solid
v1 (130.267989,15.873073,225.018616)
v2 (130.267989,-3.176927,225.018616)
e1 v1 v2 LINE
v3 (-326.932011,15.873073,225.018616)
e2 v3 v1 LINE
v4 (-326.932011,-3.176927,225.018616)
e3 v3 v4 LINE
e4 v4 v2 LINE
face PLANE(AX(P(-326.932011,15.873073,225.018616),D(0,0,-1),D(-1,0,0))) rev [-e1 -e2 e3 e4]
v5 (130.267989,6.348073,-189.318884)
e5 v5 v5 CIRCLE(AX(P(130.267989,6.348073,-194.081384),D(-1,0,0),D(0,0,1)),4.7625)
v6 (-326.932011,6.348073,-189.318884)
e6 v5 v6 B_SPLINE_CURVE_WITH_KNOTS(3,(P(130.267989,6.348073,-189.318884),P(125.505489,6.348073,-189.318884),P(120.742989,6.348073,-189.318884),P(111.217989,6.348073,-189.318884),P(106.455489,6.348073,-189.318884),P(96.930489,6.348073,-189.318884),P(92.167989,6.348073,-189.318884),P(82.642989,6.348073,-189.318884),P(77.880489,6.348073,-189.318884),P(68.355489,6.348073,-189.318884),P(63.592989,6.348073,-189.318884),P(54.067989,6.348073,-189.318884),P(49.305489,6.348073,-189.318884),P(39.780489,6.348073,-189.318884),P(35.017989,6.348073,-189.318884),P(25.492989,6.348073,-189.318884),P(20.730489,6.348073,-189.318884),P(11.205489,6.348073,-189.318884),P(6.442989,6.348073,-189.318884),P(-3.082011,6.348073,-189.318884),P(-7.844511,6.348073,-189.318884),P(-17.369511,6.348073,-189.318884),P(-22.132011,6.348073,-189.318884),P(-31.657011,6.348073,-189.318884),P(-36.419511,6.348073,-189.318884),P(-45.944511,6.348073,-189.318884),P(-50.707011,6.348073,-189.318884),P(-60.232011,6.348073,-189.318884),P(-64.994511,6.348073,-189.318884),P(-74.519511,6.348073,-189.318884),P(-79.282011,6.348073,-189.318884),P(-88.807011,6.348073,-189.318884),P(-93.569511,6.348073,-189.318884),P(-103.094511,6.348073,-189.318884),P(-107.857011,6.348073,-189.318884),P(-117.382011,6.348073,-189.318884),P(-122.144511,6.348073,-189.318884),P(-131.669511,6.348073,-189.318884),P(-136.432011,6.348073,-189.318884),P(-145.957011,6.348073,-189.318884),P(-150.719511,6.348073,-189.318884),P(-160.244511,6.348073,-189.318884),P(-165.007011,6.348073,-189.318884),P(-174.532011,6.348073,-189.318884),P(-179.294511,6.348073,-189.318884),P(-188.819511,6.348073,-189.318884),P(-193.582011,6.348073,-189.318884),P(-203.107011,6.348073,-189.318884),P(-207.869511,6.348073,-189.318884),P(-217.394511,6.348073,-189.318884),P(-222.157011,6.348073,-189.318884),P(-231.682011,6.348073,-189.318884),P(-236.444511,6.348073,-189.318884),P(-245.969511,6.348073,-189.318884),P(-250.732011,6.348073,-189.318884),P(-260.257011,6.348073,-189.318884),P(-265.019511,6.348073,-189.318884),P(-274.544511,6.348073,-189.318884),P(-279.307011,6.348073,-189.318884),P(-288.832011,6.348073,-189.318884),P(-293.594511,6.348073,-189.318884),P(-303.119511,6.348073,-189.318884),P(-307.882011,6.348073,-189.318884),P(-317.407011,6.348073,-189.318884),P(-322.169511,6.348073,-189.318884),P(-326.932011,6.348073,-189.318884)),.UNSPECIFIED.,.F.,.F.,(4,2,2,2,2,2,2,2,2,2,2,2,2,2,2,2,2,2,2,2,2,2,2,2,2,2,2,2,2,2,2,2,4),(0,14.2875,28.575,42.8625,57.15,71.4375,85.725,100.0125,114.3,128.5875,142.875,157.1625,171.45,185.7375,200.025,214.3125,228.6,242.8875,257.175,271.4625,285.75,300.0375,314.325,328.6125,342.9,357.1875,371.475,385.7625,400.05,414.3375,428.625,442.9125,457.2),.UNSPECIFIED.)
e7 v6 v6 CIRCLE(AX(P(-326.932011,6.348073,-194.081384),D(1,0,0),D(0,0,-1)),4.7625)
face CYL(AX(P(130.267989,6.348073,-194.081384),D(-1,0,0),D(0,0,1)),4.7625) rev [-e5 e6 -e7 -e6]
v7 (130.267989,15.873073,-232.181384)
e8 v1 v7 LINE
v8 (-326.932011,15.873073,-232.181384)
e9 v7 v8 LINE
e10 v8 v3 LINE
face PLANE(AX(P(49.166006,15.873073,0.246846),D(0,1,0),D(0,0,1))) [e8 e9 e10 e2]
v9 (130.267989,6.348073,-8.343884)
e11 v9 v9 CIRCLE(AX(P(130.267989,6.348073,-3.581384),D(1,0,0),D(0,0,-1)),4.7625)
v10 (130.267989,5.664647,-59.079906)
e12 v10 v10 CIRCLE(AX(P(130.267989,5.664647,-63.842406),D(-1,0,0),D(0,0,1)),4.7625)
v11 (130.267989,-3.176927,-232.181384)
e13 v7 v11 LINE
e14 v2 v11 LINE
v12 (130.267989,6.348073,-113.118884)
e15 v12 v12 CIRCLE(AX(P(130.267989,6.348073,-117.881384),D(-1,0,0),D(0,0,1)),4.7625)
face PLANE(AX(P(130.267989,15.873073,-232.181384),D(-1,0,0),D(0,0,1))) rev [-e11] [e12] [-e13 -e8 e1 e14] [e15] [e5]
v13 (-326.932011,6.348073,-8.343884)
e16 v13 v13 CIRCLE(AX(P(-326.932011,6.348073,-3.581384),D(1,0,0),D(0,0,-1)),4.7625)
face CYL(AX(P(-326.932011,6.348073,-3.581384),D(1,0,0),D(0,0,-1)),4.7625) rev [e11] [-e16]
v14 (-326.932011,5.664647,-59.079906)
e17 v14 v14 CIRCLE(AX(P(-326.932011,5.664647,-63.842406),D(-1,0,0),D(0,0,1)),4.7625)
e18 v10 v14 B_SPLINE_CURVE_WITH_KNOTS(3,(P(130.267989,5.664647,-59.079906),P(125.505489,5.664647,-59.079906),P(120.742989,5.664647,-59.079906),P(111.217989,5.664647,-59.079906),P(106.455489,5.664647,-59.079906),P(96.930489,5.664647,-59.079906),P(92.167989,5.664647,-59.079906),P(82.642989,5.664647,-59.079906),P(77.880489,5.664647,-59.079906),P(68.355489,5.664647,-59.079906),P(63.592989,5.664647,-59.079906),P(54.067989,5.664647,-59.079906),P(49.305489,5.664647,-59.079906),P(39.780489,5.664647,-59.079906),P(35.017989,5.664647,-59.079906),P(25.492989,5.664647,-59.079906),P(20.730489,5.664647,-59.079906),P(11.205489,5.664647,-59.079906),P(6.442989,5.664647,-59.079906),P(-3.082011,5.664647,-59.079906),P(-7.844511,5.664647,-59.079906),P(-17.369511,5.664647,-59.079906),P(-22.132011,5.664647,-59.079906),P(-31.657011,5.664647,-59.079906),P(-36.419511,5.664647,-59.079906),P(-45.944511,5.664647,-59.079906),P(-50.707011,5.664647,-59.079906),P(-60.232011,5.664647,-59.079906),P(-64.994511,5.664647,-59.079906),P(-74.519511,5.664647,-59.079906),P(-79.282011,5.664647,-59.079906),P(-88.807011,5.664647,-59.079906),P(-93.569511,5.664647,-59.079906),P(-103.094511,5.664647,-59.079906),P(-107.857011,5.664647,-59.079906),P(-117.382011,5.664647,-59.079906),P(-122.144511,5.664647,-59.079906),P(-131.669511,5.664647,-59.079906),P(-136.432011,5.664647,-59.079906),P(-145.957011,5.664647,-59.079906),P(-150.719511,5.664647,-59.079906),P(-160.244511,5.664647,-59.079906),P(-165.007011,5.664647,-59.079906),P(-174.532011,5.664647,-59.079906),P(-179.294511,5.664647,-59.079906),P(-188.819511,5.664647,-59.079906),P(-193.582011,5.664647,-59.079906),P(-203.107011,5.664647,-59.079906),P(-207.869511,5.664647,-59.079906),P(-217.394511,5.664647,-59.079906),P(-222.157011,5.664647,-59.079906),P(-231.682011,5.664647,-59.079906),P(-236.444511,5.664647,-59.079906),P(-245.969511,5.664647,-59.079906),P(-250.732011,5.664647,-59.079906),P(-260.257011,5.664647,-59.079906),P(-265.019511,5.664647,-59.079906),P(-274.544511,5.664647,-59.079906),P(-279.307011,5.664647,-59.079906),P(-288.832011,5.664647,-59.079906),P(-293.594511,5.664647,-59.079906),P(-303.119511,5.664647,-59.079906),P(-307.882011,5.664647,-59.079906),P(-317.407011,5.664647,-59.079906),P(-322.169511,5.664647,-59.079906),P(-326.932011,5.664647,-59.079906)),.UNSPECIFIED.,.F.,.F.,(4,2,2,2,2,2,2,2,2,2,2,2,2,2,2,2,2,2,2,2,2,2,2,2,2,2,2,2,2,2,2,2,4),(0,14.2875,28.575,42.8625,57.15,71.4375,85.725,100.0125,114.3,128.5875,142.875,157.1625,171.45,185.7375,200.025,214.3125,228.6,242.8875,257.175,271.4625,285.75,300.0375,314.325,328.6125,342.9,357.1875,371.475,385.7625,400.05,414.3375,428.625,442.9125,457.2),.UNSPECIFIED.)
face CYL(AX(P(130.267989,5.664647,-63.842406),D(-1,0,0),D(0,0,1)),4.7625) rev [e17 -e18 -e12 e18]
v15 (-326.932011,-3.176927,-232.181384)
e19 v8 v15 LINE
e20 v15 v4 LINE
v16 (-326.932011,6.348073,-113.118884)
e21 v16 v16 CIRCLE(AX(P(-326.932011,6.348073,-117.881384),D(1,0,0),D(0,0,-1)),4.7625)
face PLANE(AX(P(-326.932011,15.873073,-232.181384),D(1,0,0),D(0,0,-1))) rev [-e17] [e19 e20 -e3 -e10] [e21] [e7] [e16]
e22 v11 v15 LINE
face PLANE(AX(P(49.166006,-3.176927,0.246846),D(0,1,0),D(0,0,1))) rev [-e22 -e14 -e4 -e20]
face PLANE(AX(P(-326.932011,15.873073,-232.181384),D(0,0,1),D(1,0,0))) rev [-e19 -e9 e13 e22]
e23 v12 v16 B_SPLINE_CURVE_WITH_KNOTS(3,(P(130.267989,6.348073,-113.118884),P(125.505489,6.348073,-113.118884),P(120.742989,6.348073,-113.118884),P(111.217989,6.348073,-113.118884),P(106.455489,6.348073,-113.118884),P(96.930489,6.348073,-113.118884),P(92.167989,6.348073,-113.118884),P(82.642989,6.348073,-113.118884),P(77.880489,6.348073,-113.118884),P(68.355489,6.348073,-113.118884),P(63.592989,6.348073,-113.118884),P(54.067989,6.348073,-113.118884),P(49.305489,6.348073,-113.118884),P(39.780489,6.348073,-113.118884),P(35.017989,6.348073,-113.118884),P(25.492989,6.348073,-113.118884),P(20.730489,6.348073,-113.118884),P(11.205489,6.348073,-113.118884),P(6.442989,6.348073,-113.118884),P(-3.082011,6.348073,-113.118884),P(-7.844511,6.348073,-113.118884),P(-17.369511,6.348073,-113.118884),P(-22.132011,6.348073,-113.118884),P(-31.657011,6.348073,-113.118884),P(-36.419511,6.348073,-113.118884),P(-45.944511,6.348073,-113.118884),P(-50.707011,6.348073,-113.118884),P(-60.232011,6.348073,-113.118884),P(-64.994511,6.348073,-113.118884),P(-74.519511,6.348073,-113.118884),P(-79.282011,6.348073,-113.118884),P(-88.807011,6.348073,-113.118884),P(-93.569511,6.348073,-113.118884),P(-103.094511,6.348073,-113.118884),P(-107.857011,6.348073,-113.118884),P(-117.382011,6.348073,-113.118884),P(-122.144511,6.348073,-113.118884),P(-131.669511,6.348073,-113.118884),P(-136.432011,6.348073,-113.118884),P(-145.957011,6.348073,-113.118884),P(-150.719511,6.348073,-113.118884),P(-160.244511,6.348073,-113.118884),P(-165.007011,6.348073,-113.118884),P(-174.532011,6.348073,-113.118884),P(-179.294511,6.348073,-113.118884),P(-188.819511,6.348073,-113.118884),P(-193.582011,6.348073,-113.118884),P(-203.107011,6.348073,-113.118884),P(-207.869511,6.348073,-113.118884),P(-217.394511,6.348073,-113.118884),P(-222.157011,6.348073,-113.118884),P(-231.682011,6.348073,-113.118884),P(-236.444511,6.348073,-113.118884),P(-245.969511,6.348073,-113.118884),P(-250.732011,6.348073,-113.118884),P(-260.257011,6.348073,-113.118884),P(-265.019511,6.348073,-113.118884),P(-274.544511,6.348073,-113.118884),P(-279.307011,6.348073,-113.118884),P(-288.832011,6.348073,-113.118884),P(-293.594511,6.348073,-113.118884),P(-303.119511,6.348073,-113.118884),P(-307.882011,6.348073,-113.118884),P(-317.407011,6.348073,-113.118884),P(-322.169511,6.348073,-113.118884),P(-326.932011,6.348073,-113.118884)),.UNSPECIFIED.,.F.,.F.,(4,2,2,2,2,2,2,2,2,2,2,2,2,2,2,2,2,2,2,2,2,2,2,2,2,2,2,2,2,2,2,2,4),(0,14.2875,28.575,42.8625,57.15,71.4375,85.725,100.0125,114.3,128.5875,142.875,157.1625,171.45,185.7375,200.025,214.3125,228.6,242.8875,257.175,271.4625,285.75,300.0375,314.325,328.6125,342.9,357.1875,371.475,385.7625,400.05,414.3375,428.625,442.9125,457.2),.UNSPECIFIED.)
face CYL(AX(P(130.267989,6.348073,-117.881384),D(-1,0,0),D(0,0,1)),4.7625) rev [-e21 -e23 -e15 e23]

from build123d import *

# Parameters (mm, degrees)
SKETCH2_W               = 304.8
SKETCH2_H               = 304.8
BOSS_EXTRUDE1_DEPTH     = 12.7
SKETCH3_R               = 3.175
CUT_EXTRUDE1_DEPTH      = 343.16151121
SKETCH4_R               = 3.175
CUT_EXTRUDE2_DEPTH      = 343.16151121
CUT_EXTRUDE7_DEPTH      = 343.16151121
CUT_EXTRUDE7_DEPTH_BACK = 343.16151121
SKETCH5_R               = 3.175
CUT_EXTRUDE8_DEPTH      = 343.16151121
CUT_EXTRUDE8_DEPTH_BACK = 343.16151121
SKETCH6_R               = 3.175
SCALE1_SCALE            = 1.5


with BuildPart() as part:
    # Sketch2 → Boss-Extrude1 (new body)
    with BuildSketch(Plane(origin=(0, 0, 0), x_dir=(1, 0, 0), z_dir=(0, 1, 0))):
        with Locations((-98.332011444, 2.55215311)):
            Rectangle(SKETCH2_W, SKETCH2_H)
    extrude(amount=BOSS_EXTRUDE1_DEPTH)

    # Sketch3 → Cut-Extrude1 (cut, through all)
    with BuildSketch(Plane(origin=(54.067988556, 0, 0), x_dir=(0, 0, -1), z_dir=(1, 0, 0))):
        with Locations((2.55215311, 6.35)):
            Circle(SKETCH3_R)
    extrude(amount=-CUT_EXTRUDE1_DEPTH, mode=Mode.SUBTRACT)

    # Sketch4 → Cut-Extrude2 (cut, through all)
    with BuildSketch(Plane.ZY.offset(250.732011444)):
        with Locations((-42.726167629, 5.894382634)):
            Circle(SKETCH4_R)
    extrude(amount=-CUT_EXTRUDE2_DEPTH, mode=Mode.SUBTRACT)

    # Sketch5 → Cut-Extrude7 (cut, two sides: drawn at the far end of the back side and taken through both)
    with BuildSketch(Plane.ZY.offset(250.732011444).offset(-CUT_EXTRUDE7_DEPTH_BACK)):
        with Locations((-78.75215311, 6.35)):
            Circle(SKETCH5_R)
    extrude(amount=CUT_EXTRUDE7_DEPTH + CUT_EXTRUDE7_DEPTH_BACK, mode=Mode.SUBTRACT)

    # Sketch6 → Cut-Extrude8 (cut, two sides: drawn at the far end of the back side and taken through both)
    with BuildSketch(Plane.ZY.offset(250.732011444).offset(-CUT_EXTRUDE8_DEPTH_BACK)):
        with Locations((-129.55215311, 6.35)):
            Circle(SKETCH6_R)
    extrude(amount=CUT_EXTRUDE8_DEPTH + CUT_EXTRUDE8_DEPTH_BACK, mode=Mode.SUBTRACT)


with BuildPart() as part_1:
    # Scale1: scaled about (-98.332011444, 6.35385362, -0.493691098)
    add(part.part.scale(SCALE1_SCALE).moved(Location((49.166005722, -3.17692681, 0.246845549))))


solid = part_1.part
